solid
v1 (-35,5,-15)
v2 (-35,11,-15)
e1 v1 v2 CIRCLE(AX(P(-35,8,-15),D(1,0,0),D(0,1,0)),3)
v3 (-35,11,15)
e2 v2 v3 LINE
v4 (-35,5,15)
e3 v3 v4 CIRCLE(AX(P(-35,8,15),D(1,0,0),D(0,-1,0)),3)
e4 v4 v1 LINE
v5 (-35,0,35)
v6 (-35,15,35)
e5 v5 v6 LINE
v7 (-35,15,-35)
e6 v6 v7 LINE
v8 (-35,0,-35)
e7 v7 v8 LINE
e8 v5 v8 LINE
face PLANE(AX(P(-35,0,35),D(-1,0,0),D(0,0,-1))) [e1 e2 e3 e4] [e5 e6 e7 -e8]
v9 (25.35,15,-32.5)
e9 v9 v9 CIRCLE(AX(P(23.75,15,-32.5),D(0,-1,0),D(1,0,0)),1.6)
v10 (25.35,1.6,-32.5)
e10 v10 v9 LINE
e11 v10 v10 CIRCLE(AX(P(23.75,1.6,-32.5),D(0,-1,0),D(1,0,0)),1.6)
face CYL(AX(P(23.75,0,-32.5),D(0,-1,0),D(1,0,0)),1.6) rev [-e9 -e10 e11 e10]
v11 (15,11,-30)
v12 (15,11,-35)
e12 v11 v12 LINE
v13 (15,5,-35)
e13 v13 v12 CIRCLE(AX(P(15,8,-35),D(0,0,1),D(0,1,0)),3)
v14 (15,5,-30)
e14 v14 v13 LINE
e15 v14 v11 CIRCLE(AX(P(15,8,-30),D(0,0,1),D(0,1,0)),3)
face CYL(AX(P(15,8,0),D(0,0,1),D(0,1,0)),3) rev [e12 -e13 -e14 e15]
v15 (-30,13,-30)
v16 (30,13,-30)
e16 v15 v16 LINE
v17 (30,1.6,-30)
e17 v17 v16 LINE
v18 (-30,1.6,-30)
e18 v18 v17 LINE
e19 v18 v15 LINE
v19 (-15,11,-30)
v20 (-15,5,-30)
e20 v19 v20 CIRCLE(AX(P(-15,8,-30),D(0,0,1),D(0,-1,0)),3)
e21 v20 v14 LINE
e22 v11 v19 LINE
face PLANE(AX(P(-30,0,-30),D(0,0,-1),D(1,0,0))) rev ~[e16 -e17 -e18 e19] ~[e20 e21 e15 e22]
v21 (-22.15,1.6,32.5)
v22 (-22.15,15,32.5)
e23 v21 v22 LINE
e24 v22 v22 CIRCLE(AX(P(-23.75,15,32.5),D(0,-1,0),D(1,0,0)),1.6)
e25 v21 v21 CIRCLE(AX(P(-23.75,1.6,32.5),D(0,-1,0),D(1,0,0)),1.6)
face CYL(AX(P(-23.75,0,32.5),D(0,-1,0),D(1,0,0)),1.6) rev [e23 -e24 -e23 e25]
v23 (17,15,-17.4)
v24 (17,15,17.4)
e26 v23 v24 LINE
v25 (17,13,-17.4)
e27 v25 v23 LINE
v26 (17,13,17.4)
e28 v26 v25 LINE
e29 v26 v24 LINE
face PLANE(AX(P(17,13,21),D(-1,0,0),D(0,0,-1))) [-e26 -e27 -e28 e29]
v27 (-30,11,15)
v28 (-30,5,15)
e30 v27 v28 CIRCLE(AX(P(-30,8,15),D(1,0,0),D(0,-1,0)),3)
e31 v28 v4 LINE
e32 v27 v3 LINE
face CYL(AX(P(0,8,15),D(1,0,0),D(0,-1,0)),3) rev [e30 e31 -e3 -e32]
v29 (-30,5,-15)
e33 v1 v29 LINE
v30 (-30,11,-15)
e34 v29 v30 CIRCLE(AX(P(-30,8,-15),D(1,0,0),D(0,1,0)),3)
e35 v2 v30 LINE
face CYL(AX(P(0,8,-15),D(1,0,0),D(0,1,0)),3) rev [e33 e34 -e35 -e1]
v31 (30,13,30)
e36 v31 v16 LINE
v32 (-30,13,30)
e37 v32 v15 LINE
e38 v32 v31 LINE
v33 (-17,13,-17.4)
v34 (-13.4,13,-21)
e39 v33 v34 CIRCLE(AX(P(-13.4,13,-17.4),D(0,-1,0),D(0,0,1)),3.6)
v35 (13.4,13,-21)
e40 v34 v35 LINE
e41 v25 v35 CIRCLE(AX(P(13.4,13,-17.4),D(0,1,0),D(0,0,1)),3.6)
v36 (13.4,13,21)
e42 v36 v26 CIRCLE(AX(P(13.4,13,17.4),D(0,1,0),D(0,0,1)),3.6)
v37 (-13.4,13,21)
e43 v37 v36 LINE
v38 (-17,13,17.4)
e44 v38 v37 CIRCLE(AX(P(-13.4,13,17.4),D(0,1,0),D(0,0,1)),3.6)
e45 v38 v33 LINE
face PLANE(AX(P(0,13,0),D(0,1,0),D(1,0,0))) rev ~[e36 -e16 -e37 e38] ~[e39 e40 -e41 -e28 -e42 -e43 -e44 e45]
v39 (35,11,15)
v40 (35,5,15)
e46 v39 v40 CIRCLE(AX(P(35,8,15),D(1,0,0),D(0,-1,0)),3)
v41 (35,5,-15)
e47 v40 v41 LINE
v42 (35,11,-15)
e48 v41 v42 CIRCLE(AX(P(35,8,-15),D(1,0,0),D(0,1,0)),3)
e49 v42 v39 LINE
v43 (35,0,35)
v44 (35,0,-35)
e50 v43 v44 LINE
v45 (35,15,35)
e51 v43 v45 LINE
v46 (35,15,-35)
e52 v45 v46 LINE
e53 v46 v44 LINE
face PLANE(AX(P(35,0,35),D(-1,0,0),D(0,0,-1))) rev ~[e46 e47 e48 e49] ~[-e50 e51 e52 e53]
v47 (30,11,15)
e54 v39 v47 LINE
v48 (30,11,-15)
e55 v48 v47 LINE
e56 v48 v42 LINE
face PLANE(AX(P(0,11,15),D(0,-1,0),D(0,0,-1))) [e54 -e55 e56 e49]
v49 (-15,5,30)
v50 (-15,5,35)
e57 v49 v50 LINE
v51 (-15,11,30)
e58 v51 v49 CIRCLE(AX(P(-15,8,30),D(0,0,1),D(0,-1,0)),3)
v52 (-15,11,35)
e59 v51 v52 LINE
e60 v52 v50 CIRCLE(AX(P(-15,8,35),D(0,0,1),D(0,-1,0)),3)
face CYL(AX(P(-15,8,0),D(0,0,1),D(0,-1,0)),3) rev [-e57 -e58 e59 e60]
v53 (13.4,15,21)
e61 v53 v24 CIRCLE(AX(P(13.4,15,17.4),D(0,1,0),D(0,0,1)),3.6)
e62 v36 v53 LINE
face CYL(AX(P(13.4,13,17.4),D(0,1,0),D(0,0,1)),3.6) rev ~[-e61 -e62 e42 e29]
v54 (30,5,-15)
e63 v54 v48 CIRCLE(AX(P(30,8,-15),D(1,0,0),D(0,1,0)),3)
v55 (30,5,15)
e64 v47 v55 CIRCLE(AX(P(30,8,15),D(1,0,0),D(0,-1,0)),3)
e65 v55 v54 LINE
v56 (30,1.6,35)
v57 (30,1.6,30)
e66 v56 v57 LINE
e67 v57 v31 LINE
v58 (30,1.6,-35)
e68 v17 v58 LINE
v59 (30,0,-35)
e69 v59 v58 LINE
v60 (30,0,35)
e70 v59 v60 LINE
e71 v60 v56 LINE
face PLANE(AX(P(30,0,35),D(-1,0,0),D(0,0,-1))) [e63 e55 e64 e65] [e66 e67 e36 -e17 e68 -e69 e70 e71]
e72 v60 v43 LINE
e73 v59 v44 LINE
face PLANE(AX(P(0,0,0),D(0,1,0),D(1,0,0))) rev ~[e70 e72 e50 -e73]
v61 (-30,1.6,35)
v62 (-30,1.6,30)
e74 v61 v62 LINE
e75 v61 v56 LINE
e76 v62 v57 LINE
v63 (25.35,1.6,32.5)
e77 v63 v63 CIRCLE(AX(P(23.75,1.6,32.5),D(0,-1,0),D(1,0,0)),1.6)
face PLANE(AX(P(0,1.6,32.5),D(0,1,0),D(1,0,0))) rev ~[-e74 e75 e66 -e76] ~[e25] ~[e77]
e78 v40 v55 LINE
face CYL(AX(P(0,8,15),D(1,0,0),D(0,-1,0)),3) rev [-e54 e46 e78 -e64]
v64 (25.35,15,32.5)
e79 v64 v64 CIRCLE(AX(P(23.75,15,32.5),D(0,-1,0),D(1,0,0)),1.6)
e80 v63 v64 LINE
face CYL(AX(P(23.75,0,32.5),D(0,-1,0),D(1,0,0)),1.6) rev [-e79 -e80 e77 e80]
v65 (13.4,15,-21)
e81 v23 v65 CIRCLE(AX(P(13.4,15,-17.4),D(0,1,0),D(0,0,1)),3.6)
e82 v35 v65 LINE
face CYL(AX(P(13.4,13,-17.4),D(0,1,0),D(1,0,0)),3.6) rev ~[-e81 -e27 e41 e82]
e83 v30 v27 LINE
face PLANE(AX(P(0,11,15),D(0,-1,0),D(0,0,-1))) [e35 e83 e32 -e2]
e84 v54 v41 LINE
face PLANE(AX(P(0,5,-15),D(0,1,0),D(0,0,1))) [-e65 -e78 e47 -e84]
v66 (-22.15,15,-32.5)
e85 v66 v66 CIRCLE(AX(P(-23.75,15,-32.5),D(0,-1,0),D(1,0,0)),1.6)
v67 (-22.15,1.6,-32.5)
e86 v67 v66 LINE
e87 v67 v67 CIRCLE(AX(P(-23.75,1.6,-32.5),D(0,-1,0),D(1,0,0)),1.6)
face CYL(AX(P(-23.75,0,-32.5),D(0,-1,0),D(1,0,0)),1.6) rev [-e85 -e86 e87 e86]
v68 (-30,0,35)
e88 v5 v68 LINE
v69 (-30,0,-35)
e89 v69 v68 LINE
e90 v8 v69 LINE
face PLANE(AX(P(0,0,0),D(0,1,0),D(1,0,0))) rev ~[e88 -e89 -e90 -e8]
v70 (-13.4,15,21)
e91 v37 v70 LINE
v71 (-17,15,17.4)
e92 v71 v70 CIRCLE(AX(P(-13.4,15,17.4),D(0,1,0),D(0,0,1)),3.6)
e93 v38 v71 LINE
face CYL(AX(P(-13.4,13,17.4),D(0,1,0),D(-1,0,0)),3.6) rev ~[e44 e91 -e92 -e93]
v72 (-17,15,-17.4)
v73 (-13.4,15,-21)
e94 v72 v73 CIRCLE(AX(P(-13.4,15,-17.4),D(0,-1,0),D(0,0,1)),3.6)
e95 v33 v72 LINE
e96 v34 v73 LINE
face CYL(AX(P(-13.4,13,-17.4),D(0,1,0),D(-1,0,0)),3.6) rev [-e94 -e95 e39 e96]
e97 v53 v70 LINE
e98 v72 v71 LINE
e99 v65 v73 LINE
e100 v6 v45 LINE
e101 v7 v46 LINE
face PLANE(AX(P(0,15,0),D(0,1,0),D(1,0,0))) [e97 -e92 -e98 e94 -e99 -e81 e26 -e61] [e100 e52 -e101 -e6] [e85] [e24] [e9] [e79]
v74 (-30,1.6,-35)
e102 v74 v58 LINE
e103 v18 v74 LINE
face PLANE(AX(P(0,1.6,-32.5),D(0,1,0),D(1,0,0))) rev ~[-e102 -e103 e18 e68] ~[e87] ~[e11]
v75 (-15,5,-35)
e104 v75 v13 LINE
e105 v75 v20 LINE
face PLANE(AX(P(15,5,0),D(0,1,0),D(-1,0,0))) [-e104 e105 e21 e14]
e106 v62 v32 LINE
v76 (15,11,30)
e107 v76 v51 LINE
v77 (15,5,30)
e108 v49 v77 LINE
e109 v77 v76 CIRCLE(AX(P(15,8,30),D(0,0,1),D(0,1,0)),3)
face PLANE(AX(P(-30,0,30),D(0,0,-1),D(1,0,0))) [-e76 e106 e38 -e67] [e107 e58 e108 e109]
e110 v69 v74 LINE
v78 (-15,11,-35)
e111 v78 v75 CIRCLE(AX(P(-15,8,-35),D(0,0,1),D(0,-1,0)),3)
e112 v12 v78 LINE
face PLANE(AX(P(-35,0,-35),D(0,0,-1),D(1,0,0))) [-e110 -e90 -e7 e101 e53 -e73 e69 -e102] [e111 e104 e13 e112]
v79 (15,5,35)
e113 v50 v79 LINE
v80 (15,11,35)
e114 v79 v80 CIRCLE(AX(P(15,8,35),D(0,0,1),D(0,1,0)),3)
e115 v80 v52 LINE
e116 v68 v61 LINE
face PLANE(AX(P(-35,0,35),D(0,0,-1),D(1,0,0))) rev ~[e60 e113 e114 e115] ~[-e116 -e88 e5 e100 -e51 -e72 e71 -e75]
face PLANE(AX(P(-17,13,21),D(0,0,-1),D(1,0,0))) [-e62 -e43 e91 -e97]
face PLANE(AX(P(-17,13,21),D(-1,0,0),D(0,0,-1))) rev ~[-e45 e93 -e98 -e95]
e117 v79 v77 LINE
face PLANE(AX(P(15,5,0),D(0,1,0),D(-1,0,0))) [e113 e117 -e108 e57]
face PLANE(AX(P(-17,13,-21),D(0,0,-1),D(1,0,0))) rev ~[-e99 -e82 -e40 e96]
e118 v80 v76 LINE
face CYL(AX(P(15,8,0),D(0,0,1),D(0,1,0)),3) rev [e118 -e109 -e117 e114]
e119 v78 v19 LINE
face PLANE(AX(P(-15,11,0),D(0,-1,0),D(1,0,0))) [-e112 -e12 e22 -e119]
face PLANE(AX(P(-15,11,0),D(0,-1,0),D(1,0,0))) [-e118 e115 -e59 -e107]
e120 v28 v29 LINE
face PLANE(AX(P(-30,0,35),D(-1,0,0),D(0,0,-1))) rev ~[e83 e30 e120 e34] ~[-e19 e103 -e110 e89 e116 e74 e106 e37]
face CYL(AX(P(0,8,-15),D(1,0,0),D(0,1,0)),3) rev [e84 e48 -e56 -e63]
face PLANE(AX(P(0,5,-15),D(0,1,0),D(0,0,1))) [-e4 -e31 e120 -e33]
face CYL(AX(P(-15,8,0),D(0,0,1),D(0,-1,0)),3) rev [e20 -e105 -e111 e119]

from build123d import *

# Parameters (mm, degrees)
SKETCH1_W           = 70
SKETCH1_H           = 70
SKETCH1_W_2         = 60
SKETCH1_H_2         = 60
BOSS_EXTRUDE1_DEPTH = 15
BOSS_EXTRUDE2_START = 15
SKETCH1_2_W         = 70
SKETCH1_2_H         = 70
BOSS_EXTRUDE2_DEPTH = 2
CUT_EXTRUDE1_DEPTH  = 53.5
CUT_EXTRUDE2_DEPTH  = 38.5
CUT_EXTRUDE3_START  = 13
SKETCH4_W           = 34
SKETCH4_H           = 42
CUT_EXTRUDE3_DEPTH  = 5
FILLET1_R           = 3.6
SKETCH5_R           = 1.6
CUT_EXTRUDE4_DEPTH  = 25
SKETCH7_W           = 60
SKETCH7_H           = 5
CUT_EXTRUDE5_DEPTH  = 1.6


with BuildPart() as part:
    # Sketch1 → Boss-Extrude1 (new body)
    with BuildSketch(Plane(origin=(0, 0, 0), x_dir=(1, 0, 0), z_dir=(0, 1, 0))):
        Rectangle(SKETCH1_W, SKETCH1_H)
        Rectangle(SKETCH1_W_2, SKETCH1_H_2, mode=Mode.SUBTRACT)
    extrude(amount=BOSS_EXTRUDE1_DEPTH)

    # Sketch1<2> → Boss-Extrude2 (add)
    with BuildSketch(Plane(origin=(0, 0, 0), x_dir=(1, 0, 0), z_dir=(0, 1, 0)).offset(BOSS_EXTRUDE2_START)):
        Rectangle(SKETCH1_2_W, SKETCH1_2_H)
    extrude(amount=-BOSS_EXTRUDE2_DEPTH)

    # Sketch2 → Cut-Extrude1 (cut, symmetric)
    with BuildSketch(Plane.XY):
        with BuildLine():
            Line((-15, 11), (15, 11))
            ThreePointArc((15, 11), (18, 8), (15, 5))
            Line((15, 5), (-15, 5))
            ThreePointArc((-15, 5), (-18, 8), (-15, 11))
        make_face()
    extrude(amount=CUT_EXTRUDE1_DEPTH, both=True, mode=Mode.SUBTRACT)

    # Sketch3 → Cut-Extrude2 (cut, symmetric)
    with BuildSketch(Plane(origin=(0, 0, 0), x_dir=(0, 0, -1), z_dir=(1, 0, 0))):
        with BuildLine():
            Line((15, 5), (-15, 5))
            ThreePointArc((-15, 5), (-18, 8), (-15, 11))
            Line((-15, 11), (15, 11))
            ThreePointArc((15, 11), (18, 8), (15, 5))
        make_face()
    extrude(amount=CUT_EXTRUDE2_DEPTH, both=True, mode=Mode.SUBTRACT)

    # Sketch4 → Cut-Extrude3 (cut)
    with BuildSketch(Plane(origin=(0, 0, 0), x_dir=(1, 0, 0), z_dir=(0, 1, 0)).offset(CUT_EXTRUDE3_START)):
        Rectangle(SKETCH4_W, SKETCH4_H)
    extrude(amount=CUT_EXTRUDE3_DEPTH, mode=Mode.SUBTRACT)

    # Fillet1
    fillet1_edges = [part.edges().sort_by_distance(p)[0] for p in [
        (17, 14, 21),
        (17, 14, -21),
        (-17, 14, -21),
        (-17, 14, 21),
    ]]
    fillet(fillet1_edges, radius=FILLET1_R)

    # Sketch5 → Cut-Extrude4 (cut)
    with BuildSketch(Plane(origin=(0, 0, 0), x_dir=(1, 0, 0), z_dir=(0, 1, 0))):
        with Locations((-23.75, 32.5)):
            Circle(SKETCH5_R)
        with Locations((-23.75, -32.5)):
            Circle(SKETCH5_R)
        with Locations((23.75, 32.5)):
            Circle(SKETCH5_R)
        with Locations((23.75, -32.5)):
            Circle(SKETCH5_R)
    extrude(amount=CUT_EXTRUDE4_DEPTH, mode=Mode.SUBTRACT)

    # Sketch7 → Cut-Extrude5 (cut)
    with BuildSketch(Plane(origin=(0, 0, 0), x_dir=(1, 0, 0), z_dir=(0, 1, 0))):
        with Locations((0, 32.5)):
            Rectangle(SKETCH7_W, SKETCH7_H)
        with Locations((0, -32.5)):
            Rectangle(SKETCH7_W, SKETCH7_H)
    extrude(amount=CUT_EXTRUDE5_DEPTH, mode=Mode.SUBTRACT)


solid = part.part
